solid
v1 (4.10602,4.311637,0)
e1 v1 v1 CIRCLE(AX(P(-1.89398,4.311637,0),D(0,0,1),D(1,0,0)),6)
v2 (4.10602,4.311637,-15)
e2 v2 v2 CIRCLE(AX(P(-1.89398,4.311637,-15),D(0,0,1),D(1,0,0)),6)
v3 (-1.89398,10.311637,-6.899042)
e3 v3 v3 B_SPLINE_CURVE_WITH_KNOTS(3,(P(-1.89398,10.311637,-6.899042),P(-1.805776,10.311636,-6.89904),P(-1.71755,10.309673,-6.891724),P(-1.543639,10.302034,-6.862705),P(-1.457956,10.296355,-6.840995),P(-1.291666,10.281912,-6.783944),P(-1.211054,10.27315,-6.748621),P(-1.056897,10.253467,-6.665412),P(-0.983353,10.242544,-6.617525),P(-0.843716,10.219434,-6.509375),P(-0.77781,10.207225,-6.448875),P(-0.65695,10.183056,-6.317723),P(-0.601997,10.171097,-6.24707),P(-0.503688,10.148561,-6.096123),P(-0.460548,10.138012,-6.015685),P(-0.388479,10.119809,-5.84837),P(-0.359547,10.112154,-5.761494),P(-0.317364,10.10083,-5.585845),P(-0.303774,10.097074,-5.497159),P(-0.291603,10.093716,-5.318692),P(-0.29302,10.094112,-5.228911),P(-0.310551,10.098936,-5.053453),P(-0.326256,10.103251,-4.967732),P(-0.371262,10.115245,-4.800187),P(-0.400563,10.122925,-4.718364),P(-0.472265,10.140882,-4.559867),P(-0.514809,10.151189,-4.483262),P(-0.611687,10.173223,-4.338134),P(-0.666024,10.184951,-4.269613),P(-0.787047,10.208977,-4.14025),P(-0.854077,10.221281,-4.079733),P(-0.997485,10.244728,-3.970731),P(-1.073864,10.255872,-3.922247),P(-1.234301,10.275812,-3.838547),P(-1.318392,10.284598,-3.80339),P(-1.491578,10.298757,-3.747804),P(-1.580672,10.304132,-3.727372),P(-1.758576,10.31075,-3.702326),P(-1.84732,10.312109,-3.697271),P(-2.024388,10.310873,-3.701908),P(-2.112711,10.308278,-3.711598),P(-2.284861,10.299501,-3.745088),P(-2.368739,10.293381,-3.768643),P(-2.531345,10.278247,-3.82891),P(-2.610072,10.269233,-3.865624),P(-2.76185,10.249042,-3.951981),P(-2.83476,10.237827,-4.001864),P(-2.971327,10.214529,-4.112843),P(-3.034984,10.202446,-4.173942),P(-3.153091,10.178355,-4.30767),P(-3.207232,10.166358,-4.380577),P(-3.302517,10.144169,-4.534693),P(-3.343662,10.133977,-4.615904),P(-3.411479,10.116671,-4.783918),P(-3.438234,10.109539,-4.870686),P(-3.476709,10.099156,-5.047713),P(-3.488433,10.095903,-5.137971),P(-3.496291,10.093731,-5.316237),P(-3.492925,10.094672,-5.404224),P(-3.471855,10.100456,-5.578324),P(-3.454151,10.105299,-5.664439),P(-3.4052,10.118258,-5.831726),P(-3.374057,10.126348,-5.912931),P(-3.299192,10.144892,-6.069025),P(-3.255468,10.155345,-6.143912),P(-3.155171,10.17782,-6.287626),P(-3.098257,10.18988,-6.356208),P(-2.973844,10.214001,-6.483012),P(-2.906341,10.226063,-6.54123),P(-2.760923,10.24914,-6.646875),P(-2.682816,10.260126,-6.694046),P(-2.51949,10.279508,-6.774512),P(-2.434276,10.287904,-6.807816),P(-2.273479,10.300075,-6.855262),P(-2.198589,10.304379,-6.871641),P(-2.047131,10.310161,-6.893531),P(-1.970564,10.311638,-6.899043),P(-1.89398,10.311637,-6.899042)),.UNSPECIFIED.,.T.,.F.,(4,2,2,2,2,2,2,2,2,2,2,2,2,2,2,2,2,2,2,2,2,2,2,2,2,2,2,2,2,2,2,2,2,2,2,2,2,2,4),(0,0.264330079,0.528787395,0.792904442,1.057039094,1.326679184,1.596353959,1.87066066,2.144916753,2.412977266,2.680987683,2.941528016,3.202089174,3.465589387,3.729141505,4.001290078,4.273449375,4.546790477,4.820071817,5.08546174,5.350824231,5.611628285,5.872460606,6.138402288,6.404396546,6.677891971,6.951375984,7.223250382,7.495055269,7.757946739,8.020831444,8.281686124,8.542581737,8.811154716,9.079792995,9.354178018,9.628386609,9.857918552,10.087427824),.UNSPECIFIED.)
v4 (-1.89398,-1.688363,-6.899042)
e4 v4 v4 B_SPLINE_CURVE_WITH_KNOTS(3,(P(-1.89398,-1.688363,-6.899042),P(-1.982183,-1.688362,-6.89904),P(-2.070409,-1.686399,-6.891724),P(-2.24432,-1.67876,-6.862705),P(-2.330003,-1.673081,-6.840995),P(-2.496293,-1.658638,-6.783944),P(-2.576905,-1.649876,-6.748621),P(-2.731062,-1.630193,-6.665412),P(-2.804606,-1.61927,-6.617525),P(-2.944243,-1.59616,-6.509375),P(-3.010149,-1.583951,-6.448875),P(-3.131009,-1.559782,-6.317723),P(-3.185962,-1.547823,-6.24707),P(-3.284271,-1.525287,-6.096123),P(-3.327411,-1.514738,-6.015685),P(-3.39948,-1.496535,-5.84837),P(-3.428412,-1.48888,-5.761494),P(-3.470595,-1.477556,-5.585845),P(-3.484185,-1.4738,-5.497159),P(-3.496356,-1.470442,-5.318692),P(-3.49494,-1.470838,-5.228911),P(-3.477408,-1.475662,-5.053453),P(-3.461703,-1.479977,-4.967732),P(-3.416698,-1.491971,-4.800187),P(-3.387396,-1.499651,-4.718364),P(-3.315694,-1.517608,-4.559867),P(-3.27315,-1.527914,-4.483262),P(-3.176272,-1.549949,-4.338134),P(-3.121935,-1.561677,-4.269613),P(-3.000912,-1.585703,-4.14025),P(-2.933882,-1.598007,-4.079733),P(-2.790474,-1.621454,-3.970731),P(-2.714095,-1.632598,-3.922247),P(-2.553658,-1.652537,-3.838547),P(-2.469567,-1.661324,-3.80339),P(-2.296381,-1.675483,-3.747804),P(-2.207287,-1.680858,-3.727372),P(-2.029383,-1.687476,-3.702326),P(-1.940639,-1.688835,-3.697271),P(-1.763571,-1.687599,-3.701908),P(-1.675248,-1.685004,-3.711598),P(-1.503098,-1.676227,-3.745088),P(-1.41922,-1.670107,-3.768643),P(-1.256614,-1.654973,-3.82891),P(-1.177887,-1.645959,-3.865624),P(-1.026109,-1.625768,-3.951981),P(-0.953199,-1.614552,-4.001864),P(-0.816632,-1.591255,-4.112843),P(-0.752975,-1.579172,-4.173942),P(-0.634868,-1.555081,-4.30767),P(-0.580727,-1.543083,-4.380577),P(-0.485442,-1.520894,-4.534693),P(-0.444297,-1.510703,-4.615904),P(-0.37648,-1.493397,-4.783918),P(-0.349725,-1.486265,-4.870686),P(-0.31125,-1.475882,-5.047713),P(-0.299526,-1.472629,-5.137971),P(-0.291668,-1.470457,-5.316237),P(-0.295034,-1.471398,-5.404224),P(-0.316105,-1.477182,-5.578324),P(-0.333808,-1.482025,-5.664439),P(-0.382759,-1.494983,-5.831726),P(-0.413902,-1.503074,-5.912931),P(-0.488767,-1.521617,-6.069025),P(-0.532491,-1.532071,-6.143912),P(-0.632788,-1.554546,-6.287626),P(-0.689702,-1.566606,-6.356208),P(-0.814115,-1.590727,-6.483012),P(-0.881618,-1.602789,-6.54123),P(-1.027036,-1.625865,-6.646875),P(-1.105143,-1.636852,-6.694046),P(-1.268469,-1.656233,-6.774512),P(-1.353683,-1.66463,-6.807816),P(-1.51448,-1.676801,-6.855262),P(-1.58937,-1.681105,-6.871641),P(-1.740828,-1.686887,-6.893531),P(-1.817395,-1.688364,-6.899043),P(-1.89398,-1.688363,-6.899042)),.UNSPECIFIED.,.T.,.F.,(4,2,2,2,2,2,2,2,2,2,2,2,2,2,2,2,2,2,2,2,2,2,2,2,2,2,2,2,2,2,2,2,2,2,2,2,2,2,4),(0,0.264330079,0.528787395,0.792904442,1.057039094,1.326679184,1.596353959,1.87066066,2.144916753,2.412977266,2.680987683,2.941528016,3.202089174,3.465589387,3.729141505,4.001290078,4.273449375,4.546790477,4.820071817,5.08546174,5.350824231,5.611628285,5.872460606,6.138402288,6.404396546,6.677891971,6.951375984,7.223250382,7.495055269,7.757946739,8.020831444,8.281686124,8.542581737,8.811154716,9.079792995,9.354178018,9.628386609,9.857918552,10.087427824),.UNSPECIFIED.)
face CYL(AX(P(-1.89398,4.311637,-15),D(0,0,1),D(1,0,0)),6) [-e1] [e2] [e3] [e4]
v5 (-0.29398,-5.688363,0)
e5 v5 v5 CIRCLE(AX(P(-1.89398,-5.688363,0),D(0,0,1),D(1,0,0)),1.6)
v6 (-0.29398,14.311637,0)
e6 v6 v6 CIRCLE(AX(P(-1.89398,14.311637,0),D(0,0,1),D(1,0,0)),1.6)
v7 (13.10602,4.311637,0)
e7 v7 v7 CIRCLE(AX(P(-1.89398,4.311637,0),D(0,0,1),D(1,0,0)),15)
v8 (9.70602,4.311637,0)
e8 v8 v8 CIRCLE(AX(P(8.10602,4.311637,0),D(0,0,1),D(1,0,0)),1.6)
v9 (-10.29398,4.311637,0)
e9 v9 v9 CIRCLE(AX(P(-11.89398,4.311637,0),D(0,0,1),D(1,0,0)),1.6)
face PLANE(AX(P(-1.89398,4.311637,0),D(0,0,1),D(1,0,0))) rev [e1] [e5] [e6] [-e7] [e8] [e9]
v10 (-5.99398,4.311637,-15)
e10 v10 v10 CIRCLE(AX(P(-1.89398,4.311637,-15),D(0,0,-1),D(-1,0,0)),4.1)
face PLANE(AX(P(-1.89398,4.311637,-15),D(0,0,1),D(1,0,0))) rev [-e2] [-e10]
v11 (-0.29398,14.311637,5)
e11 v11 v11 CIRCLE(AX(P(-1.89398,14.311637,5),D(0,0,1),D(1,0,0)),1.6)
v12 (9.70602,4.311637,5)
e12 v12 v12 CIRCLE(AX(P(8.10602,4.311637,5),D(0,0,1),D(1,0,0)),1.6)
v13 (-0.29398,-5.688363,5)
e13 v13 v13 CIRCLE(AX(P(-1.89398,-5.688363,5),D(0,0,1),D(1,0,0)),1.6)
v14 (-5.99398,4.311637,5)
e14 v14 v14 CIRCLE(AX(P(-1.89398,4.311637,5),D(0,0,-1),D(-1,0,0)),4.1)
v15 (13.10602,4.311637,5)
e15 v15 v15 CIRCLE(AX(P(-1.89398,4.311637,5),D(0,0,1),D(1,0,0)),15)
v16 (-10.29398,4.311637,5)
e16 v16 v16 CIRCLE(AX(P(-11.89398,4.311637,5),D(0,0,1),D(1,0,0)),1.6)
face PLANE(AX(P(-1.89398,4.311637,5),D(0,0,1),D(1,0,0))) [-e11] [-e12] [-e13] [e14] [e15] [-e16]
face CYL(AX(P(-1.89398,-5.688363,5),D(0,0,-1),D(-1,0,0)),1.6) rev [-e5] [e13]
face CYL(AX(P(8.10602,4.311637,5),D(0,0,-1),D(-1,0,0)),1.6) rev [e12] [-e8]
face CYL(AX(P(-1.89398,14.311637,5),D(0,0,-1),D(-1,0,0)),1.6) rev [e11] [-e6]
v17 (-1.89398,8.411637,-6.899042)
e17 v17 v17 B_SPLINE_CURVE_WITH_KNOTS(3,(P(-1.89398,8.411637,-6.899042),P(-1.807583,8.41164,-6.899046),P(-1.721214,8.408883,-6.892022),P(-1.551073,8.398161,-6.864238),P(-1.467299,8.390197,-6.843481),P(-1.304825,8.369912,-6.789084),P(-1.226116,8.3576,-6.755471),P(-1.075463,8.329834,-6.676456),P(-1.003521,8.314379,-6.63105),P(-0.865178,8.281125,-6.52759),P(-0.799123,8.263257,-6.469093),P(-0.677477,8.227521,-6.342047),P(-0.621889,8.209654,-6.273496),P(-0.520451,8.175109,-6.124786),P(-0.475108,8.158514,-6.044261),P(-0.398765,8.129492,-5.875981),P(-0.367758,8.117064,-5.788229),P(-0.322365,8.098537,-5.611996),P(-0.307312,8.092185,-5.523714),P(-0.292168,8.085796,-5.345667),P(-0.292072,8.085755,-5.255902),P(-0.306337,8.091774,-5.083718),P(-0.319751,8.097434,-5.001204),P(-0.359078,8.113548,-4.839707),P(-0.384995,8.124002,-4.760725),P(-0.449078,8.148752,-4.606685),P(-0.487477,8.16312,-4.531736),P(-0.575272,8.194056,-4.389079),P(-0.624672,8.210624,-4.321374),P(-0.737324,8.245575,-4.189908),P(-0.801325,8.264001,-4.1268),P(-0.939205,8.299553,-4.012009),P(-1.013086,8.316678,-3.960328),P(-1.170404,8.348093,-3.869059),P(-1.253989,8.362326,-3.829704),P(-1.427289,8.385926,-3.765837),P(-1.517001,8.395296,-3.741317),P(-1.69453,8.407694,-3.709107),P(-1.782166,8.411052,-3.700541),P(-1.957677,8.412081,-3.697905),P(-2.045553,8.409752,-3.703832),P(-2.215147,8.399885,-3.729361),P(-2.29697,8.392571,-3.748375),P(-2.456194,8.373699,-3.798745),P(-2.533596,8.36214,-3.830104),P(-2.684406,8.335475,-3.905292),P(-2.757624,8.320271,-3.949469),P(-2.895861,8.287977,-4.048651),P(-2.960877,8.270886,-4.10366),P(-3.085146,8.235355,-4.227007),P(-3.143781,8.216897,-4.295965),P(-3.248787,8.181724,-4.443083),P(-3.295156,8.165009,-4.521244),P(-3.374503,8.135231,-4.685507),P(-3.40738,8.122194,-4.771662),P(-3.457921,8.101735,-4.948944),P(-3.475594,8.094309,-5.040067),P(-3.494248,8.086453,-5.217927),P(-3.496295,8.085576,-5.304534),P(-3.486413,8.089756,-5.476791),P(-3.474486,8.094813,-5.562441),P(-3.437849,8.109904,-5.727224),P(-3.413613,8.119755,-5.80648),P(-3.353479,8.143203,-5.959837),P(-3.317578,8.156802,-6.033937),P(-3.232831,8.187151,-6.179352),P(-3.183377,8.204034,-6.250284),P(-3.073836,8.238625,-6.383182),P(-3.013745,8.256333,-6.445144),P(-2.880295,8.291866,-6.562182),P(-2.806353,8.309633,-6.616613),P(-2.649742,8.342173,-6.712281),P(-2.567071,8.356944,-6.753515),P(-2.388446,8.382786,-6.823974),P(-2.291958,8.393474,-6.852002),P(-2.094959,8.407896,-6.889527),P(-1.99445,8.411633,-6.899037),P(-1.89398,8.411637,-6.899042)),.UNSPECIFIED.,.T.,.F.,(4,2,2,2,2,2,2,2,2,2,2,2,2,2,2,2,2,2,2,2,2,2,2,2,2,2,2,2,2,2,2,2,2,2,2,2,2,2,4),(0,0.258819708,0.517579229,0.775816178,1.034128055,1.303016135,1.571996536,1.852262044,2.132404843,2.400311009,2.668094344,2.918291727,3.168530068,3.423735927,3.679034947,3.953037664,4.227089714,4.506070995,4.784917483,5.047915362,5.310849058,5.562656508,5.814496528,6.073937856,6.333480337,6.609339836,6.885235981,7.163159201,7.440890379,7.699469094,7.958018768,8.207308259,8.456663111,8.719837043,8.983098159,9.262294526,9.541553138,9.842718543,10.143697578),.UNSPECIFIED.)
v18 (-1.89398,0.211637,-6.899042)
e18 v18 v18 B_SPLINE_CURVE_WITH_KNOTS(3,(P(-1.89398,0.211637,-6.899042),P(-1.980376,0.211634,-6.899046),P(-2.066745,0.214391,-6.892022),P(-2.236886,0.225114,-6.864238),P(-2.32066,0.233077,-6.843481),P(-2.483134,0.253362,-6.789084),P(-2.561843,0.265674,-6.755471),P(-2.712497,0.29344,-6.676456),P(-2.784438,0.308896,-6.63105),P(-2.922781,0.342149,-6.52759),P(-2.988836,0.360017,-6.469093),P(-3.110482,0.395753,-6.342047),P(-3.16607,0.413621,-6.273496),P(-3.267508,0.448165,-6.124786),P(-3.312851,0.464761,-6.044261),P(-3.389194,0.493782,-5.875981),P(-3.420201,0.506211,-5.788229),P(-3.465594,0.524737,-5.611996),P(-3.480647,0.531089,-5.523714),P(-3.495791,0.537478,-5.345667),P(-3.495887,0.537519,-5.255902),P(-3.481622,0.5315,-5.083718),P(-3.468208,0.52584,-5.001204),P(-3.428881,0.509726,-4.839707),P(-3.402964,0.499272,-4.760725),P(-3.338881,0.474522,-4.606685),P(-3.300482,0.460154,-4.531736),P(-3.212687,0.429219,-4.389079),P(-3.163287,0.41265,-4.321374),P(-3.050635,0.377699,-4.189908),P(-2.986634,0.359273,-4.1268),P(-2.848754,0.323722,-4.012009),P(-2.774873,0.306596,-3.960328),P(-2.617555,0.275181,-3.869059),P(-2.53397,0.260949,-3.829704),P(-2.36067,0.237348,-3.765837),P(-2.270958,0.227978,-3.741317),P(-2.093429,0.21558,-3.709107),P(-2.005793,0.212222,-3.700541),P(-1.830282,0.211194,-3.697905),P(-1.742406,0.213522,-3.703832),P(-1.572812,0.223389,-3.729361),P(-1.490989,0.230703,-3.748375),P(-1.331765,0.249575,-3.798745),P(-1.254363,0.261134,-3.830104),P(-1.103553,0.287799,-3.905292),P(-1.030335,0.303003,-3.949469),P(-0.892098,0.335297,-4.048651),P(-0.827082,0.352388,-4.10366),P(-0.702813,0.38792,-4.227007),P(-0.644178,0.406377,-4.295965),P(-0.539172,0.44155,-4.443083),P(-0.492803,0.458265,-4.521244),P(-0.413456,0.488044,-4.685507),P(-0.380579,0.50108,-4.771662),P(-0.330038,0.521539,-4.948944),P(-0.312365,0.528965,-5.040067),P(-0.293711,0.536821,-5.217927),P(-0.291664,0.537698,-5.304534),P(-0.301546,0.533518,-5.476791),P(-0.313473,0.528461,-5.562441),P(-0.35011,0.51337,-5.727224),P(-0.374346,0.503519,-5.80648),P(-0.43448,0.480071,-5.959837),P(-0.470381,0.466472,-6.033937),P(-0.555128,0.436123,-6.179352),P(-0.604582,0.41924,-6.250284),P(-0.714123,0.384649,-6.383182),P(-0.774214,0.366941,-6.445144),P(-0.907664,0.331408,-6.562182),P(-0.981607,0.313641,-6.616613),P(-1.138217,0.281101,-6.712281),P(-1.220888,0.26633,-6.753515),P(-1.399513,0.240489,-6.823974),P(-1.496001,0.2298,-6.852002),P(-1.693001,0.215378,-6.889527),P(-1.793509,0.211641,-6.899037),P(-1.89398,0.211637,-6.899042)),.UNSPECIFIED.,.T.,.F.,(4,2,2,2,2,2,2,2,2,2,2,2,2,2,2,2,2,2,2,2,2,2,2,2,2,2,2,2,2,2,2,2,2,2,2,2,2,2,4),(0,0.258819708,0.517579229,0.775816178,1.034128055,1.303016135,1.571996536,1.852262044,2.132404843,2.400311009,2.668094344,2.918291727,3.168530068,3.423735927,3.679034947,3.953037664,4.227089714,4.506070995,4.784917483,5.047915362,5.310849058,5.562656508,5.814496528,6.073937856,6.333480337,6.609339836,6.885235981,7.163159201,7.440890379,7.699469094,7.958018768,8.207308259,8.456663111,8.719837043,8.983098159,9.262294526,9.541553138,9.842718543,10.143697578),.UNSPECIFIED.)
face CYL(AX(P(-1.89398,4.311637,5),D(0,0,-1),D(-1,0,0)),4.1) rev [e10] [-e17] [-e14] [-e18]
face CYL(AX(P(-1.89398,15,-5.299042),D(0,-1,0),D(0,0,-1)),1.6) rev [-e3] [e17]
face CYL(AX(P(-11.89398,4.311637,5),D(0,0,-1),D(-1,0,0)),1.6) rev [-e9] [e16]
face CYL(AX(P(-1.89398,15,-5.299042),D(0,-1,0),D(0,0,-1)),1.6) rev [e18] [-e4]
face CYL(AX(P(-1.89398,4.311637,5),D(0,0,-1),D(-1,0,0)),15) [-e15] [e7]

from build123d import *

# Parameters (mm, degrees)
SKETCH_1_R          = 15
SKETCH_1_R_2        = 1.6
EXTRUDE_1_DEPTH     = 5
SKETCH_2_R          = 6
EXTRUDE_2_DEPTH     = 15
SKETCH_3_R          = 4.1
CUT_EXTRUDE_1_DEPTH = 21
SKETCH_4_R          = 1.6
CUT_EXTRUDE_2_DEPTH = 15


with BuildPart() as part:
    # 草图1 → 凸台-拉伸1 (new body)
    with BuildSketch(Plane.XY):
        with Locations((-1.893979513, 4.311637078)):
            Circle(SKETCH_1_R)
        with Locations((-1.893979513, 14.311637078)):
            Circle(SKETCH_1_R_2, mode=Mode.SUBTRACT)
        with Locations((8.106020487, 4.311637078)):
            Circle(SKETCH_1_R_2, mode=Mode.SUBTRACT)
        with Locations((-1.893979513, -5.688362922)):
            Circle(SKETCH_1_R_2, mode=Mode.SUBTRACT)
        with Locations((-11.893979513, 4.311637078)):
            Circle(SKETCH_1_R_2, mode=Mode.SUBTRACT)
    extrude(amount=EXTRUDE_1_DEPTH)

    # 草图2 → 凸台-拉伸2 (add)
    with BuildSketch(Plane.XY):
        with Locations((-1.893979513, 4.311637078)):
            Circle(SKETCH_2_R)
    extrude(amount=-EXTRUDE_2_DEPTH)

    # 草图3 → 切除-拉伸1 (cut, through all)
    with BuildSketch(Plane(origin=(0, 0, -15), x_dir=(-1, 0, 0), z_dir=(0, 0, -1))):
        with Locations((1.893979513, 4.311637078)):
            Circle(SKETCH_3_R)
    extrude(amount=-CUT_EXTRUDE_1_DEPTH, mode=Mode.SUBTRACT)

    # 草图4 → 切除-拉伸2 (cut, symmetric)
    with BuildSketch(Plane(origin=(0, 0, 0), x_dir=(1, 0, 0), z_dir=(0, 1, 0))):
        with Locations((-1.893979513, 5.299041656)):
            Circle(SKETCH_4_R)
    extrude(amount=CUT_EXTRUDE_2_DEPTH, both=True, mode=Mode.SUBTRACT)


solid = part.part
